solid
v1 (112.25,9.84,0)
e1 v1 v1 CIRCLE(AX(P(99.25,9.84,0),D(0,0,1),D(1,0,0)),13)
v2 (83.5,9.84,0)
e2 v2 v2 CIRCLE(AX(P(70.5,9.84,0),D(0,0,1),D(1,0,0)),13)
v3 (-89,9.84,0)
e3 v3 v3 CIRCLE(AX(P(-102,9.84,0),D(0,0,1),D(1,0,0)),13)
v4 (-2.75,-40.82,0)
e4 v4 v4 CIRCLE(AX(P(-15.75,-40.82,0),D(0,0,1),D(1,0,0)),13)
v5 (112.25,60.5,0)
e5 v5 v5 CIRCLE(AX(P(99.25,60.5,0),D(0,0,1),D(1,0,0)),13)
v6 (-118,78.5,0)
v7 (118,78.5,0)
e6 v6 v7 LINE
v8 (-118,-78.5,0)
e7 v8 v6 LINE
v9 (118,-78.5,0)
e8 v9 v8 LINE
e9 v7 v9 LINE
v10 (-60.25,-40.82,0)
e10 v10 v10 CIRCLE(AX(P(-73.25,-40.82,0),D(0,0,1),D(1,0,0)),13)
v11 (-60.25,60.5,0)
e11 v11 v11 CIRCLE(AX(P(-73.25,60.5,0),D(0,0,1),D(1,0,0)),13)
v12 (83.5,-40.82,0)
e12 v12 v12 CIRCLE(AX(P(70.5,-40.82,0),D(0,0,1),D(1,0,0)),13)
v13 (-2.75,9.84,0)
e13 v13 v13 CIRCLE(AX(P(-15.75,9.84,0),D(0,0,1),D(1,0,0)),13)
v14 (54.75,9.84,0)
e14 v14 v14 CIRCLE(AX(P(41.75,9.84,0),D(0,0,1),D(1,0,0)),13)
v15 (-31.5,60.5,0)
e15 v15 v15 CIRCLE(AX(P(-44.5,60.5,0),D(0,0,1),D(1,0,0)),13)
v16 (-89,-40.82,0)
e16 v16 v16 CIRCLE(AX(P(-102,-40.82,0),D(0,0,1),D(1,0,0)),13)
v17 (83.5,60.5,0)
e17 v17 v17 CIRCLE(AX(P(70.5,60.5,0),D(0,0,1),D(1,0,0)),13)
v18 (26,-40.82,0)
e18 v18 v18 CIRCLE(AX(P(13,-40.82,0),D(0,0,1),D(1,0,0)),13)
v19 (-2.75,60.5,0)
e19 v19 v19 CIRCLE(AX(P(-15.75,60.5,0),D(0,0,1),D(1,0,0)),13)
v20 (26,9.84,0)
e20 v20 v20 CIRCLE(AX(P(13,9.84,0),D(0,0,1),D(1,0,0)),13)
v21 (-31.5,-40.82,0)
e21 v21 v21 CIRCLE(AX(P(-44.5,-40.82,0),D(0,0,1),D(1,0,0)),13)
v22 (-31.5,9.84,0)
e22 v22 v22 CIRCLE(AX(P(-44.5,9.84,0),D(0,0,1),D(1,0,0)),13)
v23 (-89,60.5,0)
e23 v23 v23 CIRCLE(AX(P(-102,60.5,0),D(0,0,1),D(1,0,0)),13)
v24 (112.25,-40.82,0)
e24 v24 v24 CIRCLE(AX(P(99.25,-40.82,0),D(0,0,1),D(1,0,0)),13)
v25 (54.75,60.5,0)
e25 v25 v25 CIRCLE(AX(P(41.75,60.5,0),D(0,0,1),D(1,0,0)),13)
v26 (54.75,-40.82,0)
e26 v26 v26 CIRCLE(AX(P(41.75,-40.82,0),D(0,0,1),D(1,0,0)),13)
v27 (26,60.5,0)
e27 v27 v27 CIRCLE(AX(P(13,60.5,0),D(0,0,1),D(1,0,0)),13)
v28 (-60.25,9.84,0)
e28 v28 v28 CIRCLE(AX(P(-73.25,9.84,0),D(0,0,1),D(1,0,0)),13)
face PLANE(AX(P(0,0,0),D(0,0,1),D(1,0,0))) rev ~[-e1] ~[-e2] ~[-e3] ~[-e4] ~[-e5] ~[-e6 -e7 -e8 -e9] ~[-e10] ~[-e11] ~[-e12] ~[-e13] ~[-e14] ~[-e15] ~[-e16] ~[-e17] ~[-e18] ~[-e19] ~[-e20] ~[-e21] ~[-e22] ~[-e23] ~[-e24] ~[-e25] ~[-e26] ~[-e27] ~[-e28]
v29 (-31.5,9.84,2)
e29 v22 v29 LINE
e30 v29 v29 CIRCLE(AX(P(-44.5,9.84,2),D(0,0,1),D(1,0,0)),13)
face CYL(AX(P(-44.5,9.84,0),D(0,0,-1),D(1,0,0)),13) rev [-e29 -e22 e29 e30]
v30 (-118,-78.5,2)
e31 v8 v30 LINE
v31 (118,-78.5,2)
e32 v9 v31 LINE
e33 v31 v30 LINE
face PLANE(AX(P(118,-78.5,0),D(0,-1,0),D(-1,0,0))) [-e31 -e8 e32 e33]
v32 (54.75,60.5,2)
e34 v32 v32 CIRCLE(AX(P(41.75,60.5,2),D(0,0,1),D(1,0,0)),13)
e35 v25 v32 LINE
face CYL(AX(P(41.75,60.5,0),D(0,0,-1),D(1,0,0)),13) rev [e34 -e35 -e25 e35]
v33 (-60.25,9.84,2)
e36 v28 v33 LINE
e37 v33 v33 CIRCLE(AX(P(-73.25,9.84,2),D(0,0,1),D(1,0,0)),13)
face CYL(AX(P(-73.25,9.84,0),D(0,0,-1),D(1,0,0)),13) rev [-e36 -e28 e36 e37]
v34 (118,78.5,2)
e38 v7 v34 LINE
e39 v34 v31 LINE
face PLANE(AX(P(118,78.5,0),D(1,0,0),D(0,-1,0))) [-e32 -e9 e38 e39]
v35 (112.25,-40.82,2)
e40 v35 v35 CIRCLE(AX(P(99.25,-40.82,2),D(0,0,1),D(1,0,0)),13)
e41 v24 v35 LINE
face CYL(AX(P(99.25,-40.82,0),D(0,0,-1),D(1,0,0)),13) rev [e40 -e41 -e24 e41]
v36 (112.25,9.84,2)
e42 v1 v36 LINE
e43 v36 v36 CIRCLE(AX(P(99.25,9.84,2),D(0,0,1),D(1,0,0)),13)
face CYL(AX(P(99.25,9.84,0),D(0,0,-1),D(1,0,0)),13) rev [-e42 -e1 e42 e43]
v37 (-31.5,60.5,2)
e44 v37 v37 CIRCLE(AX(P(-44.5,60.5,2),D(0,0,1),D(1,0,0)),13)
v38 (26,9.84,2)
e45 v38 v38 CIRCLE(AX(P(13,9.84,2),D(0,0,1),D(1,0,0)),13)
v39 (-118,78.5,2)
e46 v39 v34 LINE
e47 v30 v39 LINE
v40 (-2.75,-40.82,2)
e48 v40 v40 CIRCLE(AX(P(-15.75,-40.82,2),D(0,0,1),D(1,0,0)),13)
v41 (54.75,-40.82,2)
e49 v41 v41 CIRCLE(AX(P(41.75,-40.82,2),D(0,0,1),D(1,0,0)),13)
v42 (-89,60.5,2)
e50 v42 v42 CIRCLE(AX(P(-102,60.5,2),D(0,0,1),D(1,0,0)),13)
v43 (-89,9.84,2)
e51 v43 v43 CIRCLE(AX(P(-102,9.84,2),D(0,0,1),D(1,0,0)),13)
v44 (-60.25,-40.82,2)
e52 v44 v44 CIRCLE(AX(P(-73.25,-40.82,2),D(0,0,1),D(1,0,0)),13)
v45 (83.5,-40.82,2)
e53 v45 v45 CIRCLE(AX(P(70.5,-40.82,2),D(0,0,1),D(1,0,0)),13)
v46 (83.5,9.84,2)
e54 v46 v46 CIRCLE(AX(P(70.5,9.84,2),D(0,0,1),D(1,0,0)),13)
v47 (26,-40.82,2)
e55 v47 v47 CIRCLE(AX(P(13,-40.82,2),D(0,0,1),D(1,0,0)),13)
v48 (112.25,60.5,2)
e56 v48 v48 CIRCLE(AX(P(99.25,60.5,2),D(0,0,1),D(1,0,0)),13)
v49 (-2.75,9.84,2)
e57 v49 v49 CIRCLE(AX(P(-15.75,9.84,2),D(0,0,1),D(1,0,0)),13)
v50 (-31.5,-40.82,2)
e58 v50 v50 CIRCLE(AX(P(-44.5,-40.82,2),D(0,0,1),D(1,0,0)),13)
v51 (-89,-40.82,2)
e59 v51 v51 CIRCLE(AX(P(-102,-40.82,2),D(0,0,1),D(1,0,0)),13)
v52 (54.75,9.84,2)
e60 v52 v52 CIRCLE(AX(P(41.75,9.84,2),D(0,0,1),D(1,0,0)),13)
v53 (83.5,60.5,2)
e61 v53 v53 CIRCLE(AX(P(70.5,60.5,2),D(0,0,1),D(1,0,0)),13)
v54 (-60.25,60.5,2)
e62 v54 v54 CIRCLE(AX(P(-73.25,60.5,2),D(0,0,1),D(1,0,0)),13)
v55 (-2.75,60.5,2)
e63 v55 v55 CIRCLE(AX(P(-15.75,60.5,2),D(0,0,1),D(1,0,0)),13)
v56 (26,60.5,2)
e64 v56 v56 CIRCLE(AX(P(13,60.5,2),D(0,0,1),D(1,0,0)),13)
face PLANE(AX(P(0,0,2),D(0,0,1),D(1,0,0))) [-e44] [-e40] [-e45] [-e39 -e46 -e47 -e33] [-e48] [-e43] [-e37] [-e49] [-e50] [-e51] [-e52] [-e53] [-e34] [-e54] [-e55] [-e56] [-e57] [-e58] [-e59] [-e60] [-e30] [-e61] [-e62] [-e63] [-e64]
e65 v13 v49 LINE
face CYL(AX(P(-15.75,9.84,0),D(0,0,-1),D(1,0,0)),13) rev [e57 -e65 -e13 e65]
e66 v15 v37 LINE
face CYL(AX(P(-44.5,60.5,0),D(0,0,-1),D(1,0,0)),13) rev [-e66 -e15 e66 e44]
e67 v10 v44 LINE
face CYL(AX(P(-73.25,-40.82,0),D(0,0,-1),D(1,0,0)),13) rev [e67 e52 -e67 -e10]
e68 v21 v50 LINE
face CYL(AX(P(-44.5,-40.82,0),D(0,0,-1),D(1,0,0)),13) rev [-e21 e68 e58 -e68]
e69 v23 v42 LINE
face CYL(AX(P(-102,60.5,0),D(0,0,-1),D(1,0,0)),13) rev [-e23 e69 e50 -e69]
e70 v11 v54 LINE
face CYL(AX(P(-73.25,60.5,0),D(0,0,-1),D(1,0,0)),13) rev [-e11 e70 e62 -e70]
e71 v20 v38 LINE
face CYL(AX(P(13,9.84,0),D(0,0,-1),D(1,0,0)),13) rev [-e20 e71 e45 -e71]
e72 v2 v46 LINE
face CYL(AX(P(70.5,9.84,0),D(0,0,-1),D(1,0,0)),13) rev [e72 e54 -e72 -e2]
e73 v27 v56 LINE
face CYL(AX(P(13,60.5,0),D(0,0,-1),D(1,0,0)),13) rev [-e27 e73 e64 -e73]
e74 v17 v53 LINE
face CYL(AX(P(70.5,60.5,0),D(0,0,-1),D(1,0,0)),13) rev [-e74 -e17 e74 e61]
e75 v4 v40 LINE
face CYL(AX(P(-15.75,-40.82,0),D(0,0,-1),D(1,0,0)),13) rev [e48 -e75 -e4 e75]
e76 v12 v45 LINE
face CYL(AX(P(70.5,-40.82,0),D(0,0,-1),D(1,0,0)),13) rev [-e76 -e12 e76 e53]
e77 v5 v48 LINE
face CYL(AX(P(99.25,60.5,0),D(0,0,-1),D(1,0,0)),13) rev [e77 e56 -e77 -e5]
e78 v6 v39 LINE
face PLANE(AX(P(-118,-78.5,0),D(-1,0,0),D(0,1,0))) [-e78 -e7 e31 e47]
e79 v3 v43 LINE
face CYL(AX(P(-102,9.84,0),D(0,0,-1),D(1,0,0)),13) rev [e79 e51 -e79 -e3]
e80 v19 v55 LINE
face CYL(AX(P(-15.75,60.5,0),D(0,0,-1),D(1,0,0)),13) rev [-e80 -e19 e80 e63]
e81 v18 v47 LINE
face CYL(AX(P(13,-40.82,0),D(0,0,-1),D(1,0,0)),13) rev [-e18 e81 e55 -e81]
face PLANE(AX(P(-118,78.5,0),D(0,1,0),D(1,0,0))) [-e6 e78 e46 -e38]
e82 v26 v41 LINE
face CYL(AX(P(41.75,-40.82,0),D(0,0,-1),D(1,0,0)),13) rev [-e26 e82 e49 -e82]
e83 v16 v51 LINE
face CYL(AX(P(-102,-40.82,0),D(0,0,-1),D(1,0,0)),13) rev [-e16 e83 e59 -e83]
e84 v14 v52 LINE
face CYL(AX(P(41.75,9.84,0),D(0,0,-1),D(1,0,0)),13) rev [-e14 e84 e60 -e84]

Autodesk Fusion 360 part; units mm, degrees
sketch "Esquisse1" plane through (0, 0, 0) normal (0, 0, 1) x (1, 0, 0)
  line L0 (118, -78.5) -> (-118, -78.5)
  line L1 (-118, -78.5) -> (-118, 78.5)
  line L2 (-118, 78.5) -> (118, 78.5)
  line L3 (118, 78.5) -> (118, -78.5)
  line L4 (118, -78.5) -> (-118, 78.5) construction
  line L5 (-118, -78.5) -> (118, 78.5) construction
  circle A0 centre (-102, 60.5) radius 13
  line L6 (-147.0099, 56.5) -> (145.0532, 56.5) construction
  circle A1 centre (-73.25, 60.5) radius 13
  circle A2 centre (-44.5, 60.5) radius 13
  circle A3 centre (-15.75, 60.5) radius 13
  circle A4 centre (13, 60.5) radius 13
  circle A5 centre (41.75, 60.5) radius 13
  circle A6 centre (70.5, 60.5) radius 13
  circle A7 centre (99.25, 60.5) radius 13
  circle A8 centre (-102, 9.84) radius 13
  circle A9 centre (-73.25, 9.84) radius 13
  circle A10 centre (-44.5, 9.84) radius 13
  circle A11 centre (-15.75, 9.84) radius 13
  circle A12 centre (13, 9.84) radius 13
  circle A13 centre (41.75, 9.84) radius 13
  circle A14 centre (70.5, 9.84) radius 13
  circle A15 centre (99.25, 9.84) radius 13
  circle A16 centre (-102, -40.82) radius 13
  circle A17 centre (-73.25, -40.82) radius 13
  circle A18 centre (-44.5, -40.82) radius 13
  circle A19 centre (-15.75, -40.82) radius 13
  circle A20 centre (13, -40.82) radius 13
  circle A21 centre (41.75, -40.82) radius 13
  circle A22 centre (70.5, -40.82) radius 13
  circle A23 centre (99.25, -40.82) radius 13
  dimension "d1" = 236
  dimension "d2" = 157
  dimension "d3" = 26
  dimension "d4" = 18
  dimension "d5" = 16
  dimension "d9" = 28.75
  dimension "d10" = -50.66
extrude "Extrusion1" add sketch "Esquisse1" along normal blind 2
